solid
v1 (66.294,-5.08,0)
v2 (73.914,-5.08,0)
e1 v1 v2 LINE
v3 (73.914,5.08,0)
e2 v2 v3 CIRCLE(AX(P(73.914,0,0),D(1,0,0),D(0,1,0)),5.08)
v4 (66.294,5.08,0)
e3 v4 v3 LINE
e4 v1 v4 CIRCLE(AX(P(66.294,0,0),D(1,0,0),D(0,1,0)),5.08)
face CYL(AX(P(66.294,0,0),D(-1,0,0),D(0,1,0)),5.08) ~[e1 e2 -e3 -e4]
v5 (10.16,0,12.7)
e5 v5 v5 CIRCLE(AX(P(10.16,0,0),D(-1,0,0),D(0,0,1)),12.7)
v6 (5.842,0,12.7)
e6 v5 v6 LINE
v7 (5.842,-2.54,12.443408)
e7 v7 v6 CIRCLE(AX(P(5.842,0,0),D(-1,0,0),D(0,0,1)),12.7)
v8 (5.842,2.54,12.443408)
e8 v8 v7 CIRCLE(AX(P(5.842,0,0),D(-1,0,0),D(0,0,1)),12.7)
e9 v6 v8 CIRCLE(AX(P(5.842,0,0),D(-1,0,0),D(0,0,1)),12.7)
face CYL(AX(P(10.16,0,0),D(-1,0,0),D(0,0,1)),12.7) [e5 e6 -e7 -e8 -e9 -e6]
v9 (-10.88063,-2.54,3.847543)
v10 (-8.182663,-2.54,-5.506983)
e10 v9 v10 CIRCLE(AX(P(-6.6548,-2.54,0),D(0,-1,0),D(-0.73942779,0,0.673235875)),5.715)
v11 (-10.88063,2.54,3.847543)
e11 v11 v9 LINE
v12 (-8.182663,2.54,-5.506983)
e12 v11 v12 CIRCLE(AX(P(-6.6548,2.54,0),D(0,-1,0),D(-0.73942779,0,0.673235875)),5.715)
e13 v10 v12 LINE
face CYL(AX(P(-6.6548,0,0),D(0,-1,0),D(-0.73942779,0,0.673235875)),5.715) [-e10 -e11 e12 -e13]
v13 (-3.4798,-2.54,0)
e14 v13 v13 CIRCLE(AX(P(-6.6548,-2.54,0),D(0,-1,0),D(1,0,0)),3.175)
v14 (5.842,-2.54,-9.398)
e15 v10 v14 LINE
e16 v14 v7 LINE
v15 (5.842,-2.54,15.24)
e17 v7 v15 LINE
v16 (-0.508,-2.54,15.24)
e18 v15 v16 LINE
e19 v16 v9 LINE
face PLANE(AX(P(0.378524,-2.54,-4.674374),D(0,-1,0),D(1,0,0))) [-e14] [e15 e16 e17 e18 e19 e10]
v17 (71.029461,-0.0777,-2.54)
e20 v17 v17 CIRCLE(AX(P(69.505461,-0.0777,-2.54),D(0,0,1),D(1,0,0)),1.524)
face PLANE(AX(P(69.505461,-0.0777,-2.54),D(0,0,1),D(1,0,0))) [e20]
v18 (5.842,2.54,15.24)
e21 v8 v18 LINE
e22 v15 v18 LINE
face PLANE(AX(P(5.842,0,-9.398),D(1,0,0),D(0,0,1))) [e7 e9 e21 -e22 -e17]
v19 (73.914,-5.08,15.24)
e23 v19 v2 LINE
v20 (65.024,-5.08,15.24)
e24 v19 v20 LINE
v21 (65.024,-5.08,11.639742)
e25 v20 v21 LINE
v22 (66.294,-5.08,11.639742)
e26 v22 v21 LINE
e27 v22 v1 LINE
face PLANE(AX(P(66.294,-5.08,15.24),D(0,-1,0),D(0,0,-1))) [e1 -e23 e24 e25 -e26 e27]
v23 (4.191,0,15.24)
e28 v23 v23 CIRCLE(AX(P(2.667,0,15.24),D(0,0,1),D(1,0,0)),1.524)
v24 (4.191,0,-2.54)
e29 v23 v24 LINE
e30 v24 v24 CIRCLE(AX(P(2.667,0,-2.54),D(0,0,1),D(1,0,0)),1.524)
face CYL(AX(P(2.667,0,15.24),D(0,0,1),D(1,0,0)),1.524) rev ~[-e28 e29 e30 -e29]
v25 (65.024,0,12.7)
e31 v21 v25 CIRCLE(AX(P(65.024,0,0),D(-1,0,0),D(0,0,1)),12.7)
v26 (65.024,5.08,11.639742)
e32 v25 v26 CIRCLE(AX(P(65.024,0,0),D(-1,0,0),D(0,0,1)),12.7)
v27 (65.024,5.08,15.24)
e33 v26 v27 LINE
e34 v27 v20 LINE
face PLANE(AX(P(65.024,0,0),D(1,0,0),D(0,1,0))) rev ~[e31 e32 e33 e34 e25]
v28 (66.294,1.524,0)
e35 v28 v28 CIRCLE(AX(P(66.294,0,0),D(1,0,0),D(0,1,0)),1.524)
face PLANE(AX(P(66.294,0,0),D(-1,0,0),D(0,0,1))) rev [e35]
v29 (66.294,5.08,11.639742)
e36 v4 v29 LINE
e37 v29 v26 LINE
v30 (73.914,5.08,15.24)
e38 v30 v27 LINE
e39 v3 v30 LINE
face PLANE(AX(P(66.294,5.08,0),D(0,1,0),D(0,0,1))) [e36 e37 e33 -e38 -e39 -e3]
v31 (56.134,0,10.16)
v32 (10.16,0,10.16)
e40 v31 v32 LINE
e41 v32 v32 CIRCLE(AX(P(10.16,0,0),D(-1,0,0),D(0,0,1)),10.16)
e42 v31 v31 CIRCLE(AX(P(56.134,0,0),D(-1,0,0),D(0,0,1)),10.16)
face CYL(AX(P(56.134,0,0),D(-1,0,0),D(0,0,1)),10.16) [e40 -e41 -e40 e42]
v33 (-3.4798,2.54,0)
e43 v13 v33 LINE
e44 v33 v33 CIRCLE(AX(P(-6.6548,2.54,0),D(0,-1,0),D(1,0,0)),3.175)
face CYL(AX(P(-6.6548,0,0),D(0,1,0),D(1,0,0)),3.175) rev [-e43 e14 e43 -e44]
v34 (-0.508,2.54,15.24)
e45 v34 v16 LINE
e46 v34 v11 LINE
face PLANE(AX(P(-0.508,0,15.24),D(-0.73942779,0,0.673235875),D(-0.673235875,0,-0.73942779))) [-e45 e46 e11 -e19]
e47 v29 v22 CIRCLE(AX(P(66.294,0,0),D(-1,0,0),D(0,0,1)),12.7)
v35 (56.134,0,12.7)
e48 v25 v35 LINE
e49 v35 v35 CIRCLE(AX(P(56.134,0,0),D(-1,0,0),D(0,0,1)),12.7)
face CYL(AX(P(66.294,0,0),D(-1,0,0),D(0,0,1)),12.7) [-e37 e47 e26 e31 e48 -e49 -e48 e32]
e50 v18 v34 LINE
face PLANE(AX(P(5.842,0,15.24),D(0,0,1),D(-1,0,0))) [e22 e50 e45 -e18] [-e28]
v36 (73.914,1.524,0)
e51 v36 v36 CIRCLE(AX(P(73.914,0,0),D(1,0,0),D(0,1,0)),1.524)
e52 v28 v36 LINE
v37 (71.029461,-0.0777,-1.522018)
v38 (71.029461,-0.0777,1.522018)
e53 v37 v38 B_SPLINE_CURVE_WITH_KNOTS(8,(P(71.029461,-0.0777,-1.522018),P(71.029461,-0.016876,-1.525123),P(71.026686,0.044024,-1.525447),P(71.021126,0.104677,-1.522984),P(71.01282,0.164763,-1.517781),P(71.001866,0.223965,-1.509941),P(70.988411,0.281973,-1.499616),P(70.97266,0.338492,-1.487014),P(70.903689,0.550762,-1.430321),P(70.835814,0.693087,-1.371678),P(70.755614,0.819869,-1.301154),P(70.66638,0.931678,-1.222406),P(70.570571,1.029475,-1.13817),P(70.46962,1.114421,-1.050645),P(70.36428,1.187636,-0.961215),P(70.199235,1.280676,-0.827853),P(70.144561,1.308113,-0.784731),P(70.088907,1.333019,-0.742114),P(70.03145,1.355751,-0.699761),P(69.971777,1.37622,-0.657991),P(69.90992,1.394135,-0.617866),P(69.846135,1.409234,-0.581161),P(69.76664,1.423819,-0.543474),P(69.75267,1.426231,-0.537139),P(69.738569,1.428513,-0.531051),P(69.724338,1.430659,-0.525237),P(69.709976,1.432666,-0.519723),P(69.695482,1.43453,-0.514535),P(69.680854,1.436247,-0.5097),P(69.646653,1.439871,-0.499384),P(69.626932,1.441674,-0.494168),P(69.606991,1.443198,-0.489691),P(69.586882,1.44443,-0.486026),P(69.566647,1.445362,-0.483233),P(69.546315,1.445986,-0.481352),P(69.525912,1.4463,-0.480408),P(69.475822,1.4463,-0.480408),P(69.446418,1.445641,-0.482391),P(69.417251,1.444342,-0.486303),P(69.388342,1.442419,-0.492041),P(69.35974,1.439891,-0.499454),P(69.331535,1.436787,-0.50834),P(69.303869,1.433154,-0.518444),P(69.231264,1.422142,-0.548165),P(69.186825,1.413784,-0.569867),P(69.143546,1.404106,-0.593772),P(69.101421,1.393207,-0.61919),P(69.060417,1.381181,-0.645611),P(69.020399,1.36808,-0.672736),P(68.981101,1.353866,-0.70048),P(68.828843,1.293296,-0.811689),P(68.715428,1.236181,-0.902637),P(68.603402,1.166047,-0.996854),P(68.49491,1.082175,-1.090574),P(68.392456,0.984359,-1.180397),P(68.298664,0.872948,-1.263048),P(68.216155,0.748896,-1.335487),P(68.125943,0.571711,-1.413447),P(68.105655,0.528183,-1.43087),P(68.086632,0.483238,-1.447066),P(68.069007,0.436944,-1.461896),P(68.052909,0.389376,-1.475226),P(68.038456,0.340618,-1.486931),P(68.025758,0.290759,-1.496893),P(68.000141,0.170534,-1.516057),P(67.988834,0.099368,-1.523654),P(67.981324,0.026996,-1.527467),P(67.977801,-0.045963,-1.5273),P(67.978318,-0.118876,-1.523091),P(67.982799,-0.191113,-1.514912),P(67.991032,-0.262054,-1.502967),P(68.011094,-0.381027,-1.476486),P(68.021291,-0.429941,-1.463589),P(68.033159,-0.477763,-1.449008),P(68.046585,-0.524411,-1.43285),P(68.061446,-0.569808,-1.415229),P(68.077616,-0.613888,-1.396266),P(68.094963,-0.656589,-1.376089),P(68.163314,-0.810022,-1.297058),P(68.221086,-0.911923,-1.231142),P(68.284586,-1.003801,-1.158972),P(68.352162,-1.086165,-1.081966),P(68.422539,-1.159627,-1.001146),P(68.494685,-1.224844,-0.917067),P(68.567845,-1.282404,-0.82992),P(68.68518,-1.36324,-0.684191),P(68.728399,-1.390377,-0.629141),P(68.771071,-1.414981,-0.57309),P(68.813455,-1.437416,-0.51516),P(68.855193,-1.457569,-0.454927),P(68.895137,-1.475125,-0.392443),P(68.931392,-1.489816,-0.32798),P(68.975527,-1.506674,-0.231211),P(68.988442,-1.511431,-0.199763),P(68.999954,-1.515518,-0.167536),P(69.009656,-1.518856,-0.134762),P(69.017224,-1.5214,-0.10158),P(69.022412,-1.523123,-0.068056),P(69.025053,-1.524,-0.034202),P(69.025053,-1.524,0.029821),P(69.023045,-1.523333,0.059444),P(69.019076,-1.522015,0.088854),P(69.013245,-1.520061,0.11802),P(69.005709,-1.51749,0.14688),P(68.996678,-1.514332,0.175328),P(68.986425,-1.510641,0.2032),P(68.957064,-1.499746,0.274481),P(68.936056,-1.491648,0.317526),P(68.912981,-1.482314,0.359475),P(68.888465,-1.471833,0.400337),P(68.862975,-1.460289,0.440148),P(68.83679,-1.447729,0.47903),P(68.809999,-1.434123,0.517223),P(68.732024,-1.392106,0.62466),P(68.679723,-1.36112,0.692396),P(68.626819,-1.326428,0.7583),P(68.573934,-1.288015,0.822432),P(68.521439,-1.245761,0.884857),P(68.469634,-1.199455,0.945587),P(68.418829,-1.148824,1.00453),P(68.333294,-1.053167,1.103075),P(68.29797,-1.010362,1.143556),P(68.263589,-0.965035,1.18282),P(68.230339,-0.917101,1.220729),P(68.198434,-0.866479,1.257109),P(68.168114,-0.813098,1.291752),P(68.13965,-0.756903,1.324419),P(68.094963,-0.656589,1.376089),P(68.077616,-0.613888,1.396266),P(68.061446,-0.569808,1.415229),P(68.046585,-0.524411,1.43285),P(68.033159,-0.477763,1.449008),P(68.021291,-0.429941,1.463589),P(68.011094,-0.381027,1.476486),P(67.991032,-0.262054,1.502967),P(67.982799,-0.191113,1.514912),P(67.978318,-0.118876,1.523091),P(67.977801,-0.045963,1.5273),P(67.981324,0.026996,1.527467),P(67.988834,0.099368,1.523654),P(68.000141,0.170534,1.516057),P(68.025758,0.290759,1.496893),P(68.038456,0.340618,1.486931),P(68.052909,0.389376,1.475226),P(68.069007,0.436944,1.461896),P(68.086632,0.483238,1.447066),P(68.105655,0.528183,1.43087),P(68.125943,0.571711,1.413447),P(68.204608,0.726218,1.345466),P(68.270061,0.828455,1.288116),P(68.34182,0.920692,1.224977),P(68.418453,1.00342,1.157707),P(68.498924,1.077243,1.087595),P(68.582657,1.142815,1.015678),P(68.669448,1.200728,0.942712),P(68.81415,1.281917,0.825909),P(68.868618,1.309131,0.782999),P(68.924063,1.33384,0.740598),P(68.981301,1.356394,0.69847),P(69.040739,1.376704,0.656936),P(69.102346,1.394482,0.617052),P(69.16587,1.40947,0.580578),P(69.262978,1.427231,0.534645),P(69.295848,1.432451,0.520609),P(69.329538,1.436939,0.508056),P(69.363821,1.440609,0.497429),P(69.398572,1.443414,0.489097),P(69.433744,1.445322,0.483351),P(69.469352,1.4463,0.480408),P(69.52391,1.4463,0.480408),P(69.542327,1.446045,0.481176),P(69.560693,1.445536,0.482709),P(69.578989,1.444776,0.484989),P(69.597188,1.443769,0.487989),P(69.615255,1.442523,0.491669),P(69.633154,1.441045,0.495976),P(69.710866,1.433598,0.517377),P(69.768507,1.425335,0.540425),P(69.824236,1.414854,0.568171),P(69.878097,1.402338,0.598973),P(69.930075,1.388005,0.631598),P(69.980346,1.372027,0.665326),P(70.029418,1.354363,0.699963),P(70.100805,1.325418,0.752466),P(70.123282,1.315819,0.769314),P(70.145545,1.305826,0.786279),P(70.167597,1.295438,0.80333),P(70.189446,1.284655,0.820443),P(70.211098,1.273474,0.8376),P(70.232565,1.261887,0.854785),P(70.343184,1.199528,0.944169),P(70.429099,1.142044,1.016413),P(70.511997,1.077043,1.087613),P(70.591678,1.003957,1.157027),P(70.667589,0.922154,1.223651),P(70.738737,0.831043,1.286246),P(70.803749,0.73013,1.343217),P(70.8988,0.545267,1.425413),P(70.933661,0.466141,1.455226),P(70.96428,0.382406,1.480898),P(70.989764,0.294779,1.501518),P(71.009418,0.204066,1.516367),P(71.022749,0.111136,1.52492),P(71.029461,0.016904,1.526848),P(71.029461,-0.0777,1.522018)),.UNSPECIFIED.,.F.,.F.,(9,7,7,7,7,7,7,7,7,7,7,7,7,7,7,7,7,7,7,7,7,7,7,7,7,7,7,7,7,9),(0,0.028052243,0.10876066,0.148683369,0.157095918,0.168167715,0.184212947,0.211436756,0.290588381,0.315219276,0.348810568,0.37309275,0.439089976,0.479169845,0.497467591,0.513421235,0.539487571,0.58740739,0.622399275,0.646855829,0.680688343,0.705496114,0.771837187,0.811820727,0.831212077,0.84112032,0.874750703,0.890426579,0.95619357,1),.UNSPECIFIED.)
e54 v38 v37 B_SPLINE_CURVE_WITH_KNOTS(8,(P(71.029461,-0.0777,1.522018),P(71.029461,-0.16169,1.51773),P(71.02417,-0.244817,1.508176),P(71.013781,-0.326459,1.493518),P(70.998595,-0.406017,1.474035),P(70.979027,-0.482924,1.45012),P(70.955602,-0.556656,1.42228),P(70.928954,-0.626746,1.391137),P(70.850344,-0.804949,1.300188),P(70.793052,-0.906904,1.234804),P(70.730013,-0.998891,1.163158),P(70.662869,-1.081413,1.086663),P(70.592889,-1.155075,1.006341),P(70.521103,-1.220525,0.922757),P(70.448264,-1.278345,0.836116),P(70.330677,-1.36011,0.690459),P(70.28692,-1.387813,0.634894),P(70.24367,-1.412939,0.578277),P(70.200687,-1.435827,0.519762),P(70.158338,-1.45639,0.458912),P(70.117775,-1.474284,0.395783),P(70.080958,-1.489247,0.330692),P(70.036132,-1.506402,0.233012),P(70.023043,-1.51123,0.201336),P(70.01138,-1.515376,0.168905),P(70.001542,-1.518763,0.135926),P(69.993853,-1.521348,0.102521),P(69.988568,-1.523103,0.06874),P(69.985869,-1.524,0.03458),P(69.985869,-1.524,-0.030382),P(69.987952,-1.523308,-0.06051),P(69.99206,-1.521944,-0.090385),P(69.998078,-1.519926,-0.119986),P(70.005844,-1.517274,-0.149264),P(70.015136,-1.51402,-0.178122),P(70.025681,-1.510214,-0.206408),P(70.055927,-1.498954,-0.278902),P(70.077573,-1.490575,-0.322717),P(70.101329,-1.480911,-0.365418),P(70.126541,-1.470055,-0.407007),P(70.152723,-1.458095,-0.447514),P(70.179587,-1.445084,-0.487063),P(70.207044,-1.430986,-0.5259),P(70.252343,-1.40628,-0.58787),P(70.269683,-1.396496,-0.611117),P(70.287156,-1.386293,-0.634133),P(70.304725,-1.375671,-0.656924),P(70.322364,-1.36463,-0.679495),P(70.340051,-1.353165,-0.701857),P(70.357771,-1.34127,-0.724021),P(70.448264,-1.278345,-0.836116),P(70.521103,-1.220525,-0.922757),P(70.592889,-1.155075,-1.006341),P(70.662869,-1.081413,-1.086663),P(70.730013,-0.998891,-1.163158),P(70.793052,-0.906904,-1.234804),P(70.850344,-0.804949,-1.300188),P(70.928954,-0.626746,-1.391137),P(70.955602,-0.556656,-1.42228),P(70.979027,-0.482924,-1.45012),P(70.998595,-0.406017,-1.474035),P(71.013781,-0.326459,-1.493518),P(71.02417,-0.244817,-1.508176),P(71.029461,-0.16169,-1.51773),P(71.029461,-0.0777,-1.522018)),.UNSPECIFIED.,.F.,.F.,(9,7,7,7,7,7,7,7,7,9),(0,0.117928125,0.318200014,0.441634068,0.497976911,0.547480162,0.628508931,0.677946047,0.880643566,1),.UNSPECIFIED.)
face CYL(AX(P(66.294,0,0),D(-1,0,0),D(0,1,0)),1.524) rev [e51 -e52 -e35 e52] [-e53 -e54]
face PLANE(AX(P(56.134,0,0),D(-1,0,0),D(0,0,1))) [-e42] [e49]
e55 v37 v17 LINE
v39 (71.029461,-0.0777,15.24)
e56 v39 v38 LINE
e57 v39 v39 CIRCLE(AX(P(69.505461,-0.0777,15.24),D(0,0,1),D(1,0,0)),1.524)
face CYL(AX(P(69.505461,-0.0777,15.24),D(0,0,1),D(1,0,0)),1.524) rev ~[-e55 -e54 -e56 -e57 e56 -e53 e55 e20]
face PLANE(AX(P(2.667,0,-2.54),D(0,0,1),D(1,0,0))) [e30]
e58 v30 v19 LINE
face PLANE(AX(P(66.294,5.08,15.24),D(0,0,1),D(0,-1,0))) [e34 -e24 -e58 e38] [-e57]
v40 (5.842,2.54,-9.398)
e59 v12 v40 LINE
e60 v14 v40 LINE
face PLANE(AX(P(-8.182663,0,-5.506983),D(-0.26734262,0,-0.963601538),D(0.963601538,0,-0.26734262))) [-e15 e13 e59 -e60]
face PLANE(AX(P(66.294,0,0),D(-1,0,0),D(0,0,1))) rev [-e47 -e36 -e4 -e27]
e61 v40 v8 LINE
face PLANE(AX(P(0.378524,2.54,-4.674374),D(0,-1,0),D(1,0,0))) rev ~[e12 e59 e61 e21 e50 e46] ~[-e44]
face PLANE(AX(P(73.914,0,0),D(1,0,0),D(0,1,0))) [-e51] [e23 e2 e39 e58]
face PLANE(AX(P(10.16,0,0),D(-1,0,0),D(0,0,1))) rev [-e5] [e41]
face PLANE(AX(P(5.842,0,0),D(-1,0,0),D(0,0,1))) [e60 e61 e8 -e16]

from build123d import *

# Parameters (mm, degrees)
F0_R          = 3.175
F0_W          = 5.842
F0_H          = 12.7
F2_DEPTH      = 2.54
F3_R          = 1.524
F4_DEPTH      = 7.62
F4_DEPTH_BACK = 1.27
F5_R          = 1.524
F6_DEPTH      = 17.78


with BuildPart() as f1:
    # F0 (on Front) → F1 (revolve)
    with BuildSketch(Plane.XZ):
        Polygon((5.842, 12.7), (5.842, 0), (66.294, 0), (66.294, 12.7), (56.134, 12.7), (56.134, 10.16), (10.16, 10.16), (10.16, 12.7), align=None)
    revolve(axis=Axis((33.147, 0, 0), (-1, 0, 0)))

    # F0 (on Front) → F2 (join, symmetric)
    with BuildSketch(Plane.XZ):
        with BuildLine():
            Line((5.842, 0), (0, 0))
            Line((0, 0), (-0.9398, 0))
            ThreePointArc((-0.9398, 0), (-3.1957909266, -4.5493385486), (-8.1826630726, -5.5069827884))
            Line((-8.1826630726, -5.5069827884), (5.842, -9.398))
            Line((5.842, -9.398), (5.842, 0))
        make_face()
        with BuildLine():
            ThreePointArc((-8.1826630726, -5.5069827884), (-3.1957909266, -4.5493385486), (-0.9398, 0))
            ThreePointArc((-0.9398, 0), (-4.5919612295, 5.3297205562), (-10.8806298187, 3.8475430269))
            ThreePointArc((-10.8806298187, 3.8475430269), (-12.1459778134, -1.5837270034), (-8.1826630726, -5.5069827884))
        make_face()
        with Locations((-6.6548, 0)):
            Circle(F0_R, mode=Mode.SUBTRACT)
        with BuildLine():
            Line((-0.9398, 0), (0, 0))
            Line((0, 0), (0, 12.7))
            Line((0, 12.7), (5.842, 12.7))
            Line((5.842, 12.7), (5.842, 15.24))
            Line((5.842, 15.24), (-0.508, 15.24))
            Line((-0.508, 15.24), (-10.8806298187, 3.8475430269))
            ThreePointArc((-10.8806298187, 3.8475430269), (-4.5919612295, 5.3297205562), (-0.9398, 0))
        make_face()
        with Locations((2.921, 6.35)):
            Rectangle(F0_W, F0_H)
    extrude(amount=F2_DEPTH, both=True)

    # F3 (on face) → F4 (join, two sides)
    with BuildSketch(Plane.YZ.offset(66.294)) as f4_sk:
        with BuildLine():
            ThreePointArc((-5.08, 0), (0, -5.08), (5.08, 0))
            ThreePointArc((5.08, 0), (0, 5.08), (-5.08, 0))
        make_face()
        Circle(F3_R, mode=Mode.SUBTRACT)
        with BuildLine():
            ThreePointArc((-5.08, 0), (0, 5.08), (5.08, 0))
            Line((5.08, 0), (5.08, 11.6397422652))
            ThreePointArc((5.08, 11.6397422652), (0, 12.7), (-5.08, 11.6397422652))
            Line((-5.08, 11.6397422652), (-5.08, 0))
        make_face()
        with BuildLine():
            ThreePointArc((-5.08, 11.6397422652), (0, 12.7), (5.08, 11.6397422652))
            Line((5.08, 11.6397422652), (5.08, 15.24))
            Line((5.08, 15.24), (-5.08, 15.24))
            Line((-5.08, 15.24), (-5.08, 11.6397422652))
        make_face()
    extrude(amount=F4_DEPTH)
    extrude(f4_sk.sketch, amount=-F4_DEPTH_BACK)

    # F5 (on face) → F6 (cut)
    with BuildSketch(Plane.XY.offset(15.24)):
        with Locations((2.667, 0)):
            Circle(F5_R)
        with Locations((69.5054605603, -0.0776998204)):
            Circle(F5_R)
    extrude(amount=-F6_DEPTH, mode=Mode.SUBTRACT)


solid = f1.part
